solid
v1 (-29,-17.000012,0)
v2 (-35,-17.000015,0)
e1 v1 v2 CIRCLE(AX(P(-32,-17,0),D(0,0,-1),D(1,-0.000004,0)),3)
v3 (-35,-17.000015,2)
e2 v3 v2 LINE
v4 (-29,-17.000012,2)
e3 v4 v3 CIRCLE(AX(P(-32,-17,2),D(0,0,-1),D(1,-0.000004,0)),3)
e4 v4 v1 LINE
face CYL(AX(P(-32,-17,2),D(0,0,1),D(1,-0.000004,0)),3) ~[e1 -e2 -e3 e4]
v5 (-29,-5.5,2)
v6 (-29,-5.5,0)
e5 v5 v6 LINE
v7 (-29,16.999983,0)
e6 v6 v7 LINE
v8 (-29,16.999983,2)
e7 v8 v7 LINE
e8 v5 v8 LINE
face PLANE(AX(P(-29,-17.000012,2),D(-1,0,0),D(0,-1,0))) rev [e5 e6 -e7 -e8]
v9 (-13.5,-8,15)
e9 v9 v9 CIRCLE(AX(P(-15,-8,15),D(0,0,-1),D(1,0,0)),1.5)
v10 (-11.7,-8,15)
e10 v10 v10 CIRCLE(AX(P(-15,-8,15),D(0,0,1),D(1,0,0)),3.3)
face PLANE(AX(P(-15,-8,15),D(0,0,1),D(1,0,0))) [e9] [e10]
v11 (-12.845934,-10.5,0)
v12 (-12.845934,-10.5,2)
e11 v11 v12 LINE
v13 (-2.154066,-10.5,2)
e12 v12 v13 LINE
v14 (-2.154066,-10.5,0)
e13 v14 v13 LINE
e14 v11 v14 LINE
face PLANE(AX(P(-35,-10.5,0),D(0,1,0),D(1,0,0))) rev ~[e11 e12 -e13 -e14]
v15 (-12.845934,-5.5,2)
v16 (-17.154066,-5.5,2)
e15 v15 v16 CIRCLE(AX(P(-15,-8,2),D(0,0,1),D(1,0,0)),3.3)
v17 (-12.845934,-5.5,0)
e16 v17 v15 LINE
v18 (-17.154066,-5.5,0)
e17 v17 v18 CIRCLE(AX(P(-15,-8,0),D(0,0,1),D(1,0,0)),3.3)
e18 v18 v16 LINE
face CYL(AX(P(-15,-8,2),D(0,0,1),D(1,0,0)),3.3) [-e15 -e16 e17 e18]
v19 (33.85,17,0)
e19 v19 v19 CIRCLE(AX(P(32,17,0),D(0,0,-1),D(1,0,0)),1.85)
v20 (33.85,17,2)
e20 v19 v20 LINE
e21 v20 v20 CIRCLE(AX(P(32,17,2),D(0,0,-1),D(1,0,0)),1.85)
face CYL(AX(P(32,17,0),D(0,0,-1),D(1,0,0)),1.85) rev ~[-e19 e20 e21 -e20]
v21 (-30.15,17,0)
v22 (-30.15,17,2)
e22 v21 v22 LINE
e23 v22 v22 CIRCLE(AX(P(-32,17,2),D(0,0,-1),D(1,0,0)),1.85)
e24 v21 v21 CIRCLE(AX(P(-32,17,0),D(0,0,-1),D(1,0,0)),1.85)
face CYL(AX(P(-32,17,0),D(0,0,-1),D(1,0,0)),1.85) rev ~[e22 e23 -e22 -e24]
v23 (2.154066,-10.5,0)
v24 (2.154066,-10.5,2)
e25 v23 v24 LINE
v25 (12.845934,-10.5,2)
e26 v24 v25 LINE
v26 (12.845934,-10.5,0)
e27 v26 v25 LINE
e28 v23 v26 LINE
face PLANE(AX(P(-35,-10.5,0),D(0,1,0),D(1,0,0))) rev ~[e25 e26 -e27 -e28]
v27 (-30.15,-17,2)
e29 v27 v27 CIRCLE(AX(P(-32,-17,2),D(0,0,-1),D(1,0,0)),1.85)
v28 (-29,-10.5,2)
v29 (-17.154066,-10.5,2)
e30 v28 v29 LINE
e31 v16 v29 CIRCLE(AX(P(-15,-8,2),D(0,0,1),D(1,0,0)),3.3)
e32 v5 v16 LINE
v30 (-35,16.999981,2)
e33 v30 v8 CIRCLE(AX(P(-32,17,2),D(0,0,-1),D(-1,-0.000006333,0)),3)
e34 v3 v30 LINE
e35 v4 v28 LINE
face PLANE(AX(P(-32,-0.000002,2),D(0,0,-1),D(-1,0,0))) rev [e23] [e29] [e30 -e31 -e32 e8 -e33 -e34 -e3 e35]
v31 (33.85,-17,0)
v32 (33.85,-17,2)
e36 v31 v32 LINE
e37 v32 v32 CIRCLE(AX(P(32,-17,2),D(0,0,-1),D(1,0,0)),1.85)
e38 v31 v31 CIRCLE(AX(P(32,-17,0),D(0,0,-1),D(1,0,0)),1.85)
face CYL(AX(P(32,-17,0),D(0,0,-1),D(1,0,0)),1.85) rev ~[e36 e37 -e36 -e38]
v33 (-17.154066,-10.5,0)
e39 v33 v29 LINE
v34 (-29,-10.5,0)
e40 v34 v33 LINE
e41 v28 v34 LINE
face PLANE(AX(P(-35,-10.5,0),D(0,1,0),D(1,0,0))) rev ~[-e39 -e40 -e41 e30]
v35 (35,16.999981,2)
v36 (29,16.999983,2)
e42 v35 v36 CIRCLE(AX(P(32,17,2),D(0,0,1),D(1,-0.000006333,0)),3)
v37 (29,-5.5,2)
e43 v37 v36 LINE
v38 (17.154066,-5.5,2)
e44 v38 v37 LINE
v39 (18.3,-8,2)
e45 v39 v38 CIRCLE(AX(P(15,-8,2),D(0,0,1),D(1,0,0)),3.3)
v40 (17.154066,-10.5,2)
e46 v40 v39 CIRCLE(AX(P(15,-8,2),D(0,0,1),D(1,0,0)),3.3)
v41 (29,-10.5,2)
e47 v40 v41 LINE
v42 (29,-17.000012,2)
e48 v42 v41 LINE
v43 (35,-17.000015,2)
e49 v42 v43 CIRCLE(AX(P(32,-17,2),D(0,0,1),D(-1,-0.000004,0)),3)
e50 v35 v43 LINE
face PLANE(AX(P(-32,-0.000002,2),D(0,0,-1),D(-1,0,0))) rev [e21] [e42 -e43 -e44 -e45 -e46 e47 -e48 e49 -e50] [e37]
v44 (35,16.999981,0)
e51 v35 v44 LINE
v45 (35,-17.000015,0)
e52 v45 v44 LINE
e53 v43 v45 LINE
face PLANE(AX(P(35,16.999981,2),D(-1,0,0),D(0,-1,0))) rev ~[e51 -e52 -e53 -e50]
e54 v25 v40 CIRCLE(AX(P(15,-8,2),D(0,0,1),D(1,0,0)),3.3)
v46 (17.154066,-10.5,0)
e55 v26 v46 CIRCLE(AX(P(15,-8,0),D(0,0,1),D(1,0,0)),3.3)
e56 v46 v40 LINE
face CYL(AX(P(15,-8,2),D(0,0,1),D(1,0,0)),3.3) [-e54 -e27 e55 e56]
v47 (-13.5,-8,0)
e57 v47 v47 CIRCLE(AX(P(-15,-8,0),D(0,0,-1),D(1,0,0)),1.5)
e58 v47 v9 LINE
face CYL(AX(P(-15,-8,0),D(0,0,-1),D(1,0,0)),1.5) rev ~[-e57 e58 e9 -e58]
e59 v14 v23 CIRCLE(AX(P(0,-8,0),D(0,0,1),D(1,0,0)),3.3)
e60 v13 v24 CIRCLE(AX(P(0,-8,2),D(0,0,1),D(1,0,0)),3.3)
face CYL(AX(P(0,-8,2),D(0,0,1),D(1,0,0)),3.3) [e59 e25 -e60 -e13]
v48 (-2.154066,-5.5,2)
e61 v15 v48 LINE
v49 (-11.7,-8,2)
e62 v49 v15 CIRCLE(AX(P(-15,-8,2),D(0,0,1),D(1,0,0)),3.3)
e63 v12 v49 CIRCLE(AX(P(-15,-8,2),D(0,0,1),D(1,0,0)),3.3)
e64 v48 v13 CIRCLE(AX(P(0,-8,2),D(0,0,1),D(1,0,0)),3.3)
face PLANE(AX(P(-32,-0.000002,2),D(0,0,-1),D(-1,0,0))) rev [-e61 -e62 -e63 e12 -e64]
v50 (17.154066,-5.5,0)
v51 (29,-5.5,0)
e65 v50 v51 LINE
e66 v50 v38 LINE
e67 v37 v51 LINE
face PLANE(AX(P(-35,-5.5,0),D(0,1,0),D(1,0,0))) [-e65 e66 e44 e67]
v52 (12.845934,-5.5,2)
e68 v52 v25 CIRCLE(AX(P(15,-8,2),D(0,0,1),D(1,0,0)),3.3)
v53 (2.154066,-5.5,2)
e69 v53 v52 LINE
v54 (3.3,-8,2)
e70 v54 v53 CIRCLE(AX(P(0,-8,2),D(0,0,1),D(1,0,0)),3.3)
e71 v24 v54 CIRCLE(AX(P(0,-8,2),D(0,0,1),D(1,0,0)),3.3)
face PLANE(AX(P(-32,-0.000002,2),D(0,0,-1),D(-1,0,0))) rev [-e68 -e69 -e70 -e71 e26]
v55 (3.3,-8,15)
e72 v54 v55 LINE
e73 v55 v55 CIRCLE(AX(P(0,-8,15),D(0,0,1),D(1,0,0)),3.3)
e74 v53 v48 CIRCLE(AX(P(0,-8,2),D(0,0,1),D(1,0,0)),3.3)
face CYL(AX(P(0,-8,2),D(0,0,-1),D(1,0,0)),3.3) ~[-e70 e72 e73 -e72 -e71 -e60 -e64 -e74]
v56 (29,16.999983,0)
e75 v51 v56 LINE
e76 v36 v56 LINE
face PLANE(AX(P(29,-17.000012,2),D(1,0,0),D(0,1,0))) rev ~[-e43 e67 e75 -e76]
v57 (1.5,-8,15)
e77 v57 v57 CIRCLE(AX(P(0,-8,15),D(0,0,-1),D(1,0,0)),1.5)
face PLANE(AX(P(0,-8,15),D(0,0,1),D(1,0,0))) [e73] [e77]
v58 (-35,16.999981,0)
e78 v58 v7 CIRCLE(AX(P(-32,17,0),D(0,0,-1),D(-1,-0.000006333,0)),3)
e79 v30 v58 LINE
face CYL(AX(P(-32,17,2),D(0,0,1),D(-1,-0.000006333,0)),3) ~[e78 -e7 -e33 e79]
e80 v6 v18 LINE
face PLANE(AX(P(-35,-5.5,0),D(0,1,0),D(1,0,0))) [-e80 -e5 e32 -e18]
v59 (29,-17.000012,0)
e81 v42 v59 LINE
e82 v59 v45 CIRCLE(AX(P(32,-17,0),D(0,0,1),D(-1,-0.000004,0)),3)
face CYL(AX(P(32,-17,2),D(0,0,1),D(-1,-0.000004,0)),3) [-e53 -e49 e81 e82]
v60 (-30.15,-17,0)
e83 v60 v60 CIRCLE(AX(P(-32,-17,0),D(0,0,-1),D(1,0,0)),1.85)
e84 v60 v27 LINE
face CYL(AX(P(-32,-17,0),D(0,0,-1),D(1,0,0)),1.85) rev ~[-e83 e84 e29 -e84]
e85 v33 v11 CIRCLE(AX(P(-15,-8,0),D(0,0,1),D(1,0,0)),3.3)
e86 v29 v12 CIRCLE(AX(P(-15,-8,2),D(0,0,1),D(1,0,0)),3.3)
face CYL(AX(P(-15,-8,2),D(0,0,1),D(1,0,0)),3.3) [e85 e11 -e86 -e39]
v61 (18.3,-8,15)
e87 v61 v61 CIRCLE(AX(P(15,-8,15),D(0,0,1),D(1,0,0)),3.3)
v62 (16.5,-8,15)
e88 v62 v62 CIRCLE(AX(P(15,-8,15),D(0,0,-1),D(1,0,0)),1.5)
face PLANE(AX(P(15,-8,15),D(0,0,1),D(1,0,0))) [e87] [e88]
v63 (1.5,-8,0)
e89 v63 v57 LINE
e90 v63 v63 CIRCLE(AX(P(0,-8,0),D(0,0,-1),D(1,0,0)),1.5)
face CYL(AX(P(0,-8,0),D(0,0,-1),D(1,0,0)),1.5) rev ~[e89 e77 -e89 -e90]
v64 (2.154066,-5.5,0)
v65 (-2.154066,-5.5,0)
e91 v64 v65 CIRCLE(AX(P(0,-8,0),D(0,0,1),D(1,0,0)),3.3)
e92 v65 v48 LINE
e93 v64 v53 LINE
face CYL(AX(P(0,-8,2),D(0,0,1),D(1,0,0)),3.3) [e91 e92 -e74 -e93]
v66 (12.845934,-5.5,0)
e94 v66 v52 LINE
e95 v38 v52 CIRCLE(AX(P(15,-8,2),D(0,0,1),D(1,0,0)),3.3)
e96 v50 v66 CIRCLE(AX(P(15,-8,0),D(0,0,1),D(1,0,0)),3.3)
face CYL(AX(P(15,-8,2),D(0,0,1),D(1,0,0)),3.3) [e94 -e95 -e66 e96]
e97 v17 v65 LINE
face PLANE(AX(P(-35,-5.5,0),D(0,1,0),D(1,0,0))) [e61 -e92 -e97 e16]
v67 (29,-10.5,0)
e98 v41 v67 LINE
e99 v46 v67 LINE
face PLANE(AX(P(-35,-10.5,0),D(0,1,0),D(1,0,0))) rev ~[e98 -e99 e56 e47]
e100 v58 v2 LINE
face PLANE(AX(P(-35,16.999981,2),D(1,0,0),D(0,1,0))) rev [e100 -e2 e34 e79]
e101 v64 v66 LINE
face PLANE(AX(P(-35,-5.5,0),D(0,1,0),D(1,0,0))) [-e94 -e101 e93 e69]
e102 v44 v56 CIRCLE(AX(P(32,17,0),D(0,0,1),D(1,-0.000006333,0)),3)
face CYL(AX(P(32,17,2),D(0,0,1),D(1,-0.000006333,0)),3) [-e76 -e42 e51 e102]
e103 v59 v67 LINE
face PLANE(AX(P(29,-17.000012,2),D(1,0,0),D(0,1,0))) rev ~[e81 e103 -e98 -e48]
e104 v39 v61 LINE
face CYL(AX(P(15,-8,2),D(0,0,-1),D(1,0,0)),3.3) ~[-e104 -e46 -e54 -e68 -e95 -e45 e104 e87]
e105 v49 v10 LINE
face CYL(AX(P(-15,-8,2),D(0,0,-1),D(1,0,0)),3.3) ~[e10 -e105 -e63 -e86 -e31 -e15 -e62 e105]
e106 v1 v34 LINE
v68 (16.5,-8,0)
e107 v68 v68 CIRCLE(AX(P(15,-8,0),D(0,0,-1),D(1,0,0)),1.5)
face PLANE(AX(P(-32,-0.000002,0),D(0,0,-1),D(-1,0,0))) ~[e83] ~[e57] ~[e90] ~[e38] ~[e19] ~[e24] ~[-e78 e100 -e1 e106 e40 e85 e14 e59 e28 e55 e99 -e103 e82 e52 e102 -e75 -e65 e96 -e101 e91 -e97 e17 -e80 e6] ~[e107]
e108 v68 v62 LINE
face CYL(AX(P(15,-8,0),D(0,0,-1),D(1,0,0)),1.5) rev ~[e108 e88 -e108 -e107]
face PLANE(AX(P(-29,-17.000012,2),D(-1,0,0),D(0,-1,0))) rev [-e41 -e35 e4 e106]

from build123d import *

# Parameters (mm, degrees)
SKETCH_W          = 70
SKETCH_H          = 5
PAD_DEPTH         = 2
PAD001_DEPTH      = 2
SKETCH002_R       = 3.3
PAD002_DEPTH      = 13
PAD002_DEPTH_BACK = 2
SKETCH003_R       = 1.5
SKETCH003_R_2     = 1.85
POCKET_DEPTH      = 15.001


with BuildPart() as part:
    # Sketch → Pad (new body)
    with BuildSketch(Plane.XY):
        with Locations((0, -8)):
            Rectangle(SKETCH_W, SKETCH_H)
    extrude(amount=PAD_DEPTH)

    # Sketch001 → Pad001 (new body)
    with BuildSketch(Plane.XY.offset(2)):
        with BuildLine():
            Line((35, 16.999981), (35, -17.000015))
            ThreePointArc((29, -17.000012), (31.999999, -20), (35, -17.000015))
            Line((29, -17.000012), (29, 16.999983))
            ThreePointArc((35, 16.999981), (32.000001, 20), (29, 16.999983))
        make_face()
    pad001 = extrude(amount=-PAD001_DEPTH)

    # Mirrored: Pad001 across Sketch001 V_Axis
    add(pad001.mirror(Plane(origin=(0, 0, 2), x_dir=(0, 0, 1), z_dir=(1, 0, 0))))

    # Sketch002 → Pad002 (new body, two sides)
    with BuildSketch(Plane.XY.offset(2)) as pad002_sk:
        with Locations((0, -8)):
            Circle(SKETCH002_R)
        with Locations((-15, -8)):
            Circle(SKETCH002_R)
        with Locations((15, -8)):
            Circle(SKETCH002_R)
    extrude(amount=PAD002_DEPTH)
    extrude(pad002_sk.sketch, amount=-PAD002_DEPTH_BACK)

    # Sketch003 → Pocket (cut, through all)
    with BuildSketch(Plane(origin=(0, 0, 0), x_dir=(1, 0, 0), z_dir=(0, 0, -1))):
        with Locations((0, 8)):
            Circle(SKETCH003_R)
        with Locations((-15, 8)):
            Circle(SKETCH003_R)
        with Locations((15, 8)):
            Circle(SKETCH003_R)
        with Locations((-32, -17)):
            Circle(SKETCH003_R_2)
        with Locations((-32, 17)):
            Circle(SKETCH003_R_2)
        with Locations((32, 17)):
            Circle(SKETCH003_R_2)
        with Locations((32, -17)):
            Circle(SKETCH003_R_2)
    extrude(amount=-POCKET_DEPTH, mode=Mode.SUBTRACT)


solid = part.part
